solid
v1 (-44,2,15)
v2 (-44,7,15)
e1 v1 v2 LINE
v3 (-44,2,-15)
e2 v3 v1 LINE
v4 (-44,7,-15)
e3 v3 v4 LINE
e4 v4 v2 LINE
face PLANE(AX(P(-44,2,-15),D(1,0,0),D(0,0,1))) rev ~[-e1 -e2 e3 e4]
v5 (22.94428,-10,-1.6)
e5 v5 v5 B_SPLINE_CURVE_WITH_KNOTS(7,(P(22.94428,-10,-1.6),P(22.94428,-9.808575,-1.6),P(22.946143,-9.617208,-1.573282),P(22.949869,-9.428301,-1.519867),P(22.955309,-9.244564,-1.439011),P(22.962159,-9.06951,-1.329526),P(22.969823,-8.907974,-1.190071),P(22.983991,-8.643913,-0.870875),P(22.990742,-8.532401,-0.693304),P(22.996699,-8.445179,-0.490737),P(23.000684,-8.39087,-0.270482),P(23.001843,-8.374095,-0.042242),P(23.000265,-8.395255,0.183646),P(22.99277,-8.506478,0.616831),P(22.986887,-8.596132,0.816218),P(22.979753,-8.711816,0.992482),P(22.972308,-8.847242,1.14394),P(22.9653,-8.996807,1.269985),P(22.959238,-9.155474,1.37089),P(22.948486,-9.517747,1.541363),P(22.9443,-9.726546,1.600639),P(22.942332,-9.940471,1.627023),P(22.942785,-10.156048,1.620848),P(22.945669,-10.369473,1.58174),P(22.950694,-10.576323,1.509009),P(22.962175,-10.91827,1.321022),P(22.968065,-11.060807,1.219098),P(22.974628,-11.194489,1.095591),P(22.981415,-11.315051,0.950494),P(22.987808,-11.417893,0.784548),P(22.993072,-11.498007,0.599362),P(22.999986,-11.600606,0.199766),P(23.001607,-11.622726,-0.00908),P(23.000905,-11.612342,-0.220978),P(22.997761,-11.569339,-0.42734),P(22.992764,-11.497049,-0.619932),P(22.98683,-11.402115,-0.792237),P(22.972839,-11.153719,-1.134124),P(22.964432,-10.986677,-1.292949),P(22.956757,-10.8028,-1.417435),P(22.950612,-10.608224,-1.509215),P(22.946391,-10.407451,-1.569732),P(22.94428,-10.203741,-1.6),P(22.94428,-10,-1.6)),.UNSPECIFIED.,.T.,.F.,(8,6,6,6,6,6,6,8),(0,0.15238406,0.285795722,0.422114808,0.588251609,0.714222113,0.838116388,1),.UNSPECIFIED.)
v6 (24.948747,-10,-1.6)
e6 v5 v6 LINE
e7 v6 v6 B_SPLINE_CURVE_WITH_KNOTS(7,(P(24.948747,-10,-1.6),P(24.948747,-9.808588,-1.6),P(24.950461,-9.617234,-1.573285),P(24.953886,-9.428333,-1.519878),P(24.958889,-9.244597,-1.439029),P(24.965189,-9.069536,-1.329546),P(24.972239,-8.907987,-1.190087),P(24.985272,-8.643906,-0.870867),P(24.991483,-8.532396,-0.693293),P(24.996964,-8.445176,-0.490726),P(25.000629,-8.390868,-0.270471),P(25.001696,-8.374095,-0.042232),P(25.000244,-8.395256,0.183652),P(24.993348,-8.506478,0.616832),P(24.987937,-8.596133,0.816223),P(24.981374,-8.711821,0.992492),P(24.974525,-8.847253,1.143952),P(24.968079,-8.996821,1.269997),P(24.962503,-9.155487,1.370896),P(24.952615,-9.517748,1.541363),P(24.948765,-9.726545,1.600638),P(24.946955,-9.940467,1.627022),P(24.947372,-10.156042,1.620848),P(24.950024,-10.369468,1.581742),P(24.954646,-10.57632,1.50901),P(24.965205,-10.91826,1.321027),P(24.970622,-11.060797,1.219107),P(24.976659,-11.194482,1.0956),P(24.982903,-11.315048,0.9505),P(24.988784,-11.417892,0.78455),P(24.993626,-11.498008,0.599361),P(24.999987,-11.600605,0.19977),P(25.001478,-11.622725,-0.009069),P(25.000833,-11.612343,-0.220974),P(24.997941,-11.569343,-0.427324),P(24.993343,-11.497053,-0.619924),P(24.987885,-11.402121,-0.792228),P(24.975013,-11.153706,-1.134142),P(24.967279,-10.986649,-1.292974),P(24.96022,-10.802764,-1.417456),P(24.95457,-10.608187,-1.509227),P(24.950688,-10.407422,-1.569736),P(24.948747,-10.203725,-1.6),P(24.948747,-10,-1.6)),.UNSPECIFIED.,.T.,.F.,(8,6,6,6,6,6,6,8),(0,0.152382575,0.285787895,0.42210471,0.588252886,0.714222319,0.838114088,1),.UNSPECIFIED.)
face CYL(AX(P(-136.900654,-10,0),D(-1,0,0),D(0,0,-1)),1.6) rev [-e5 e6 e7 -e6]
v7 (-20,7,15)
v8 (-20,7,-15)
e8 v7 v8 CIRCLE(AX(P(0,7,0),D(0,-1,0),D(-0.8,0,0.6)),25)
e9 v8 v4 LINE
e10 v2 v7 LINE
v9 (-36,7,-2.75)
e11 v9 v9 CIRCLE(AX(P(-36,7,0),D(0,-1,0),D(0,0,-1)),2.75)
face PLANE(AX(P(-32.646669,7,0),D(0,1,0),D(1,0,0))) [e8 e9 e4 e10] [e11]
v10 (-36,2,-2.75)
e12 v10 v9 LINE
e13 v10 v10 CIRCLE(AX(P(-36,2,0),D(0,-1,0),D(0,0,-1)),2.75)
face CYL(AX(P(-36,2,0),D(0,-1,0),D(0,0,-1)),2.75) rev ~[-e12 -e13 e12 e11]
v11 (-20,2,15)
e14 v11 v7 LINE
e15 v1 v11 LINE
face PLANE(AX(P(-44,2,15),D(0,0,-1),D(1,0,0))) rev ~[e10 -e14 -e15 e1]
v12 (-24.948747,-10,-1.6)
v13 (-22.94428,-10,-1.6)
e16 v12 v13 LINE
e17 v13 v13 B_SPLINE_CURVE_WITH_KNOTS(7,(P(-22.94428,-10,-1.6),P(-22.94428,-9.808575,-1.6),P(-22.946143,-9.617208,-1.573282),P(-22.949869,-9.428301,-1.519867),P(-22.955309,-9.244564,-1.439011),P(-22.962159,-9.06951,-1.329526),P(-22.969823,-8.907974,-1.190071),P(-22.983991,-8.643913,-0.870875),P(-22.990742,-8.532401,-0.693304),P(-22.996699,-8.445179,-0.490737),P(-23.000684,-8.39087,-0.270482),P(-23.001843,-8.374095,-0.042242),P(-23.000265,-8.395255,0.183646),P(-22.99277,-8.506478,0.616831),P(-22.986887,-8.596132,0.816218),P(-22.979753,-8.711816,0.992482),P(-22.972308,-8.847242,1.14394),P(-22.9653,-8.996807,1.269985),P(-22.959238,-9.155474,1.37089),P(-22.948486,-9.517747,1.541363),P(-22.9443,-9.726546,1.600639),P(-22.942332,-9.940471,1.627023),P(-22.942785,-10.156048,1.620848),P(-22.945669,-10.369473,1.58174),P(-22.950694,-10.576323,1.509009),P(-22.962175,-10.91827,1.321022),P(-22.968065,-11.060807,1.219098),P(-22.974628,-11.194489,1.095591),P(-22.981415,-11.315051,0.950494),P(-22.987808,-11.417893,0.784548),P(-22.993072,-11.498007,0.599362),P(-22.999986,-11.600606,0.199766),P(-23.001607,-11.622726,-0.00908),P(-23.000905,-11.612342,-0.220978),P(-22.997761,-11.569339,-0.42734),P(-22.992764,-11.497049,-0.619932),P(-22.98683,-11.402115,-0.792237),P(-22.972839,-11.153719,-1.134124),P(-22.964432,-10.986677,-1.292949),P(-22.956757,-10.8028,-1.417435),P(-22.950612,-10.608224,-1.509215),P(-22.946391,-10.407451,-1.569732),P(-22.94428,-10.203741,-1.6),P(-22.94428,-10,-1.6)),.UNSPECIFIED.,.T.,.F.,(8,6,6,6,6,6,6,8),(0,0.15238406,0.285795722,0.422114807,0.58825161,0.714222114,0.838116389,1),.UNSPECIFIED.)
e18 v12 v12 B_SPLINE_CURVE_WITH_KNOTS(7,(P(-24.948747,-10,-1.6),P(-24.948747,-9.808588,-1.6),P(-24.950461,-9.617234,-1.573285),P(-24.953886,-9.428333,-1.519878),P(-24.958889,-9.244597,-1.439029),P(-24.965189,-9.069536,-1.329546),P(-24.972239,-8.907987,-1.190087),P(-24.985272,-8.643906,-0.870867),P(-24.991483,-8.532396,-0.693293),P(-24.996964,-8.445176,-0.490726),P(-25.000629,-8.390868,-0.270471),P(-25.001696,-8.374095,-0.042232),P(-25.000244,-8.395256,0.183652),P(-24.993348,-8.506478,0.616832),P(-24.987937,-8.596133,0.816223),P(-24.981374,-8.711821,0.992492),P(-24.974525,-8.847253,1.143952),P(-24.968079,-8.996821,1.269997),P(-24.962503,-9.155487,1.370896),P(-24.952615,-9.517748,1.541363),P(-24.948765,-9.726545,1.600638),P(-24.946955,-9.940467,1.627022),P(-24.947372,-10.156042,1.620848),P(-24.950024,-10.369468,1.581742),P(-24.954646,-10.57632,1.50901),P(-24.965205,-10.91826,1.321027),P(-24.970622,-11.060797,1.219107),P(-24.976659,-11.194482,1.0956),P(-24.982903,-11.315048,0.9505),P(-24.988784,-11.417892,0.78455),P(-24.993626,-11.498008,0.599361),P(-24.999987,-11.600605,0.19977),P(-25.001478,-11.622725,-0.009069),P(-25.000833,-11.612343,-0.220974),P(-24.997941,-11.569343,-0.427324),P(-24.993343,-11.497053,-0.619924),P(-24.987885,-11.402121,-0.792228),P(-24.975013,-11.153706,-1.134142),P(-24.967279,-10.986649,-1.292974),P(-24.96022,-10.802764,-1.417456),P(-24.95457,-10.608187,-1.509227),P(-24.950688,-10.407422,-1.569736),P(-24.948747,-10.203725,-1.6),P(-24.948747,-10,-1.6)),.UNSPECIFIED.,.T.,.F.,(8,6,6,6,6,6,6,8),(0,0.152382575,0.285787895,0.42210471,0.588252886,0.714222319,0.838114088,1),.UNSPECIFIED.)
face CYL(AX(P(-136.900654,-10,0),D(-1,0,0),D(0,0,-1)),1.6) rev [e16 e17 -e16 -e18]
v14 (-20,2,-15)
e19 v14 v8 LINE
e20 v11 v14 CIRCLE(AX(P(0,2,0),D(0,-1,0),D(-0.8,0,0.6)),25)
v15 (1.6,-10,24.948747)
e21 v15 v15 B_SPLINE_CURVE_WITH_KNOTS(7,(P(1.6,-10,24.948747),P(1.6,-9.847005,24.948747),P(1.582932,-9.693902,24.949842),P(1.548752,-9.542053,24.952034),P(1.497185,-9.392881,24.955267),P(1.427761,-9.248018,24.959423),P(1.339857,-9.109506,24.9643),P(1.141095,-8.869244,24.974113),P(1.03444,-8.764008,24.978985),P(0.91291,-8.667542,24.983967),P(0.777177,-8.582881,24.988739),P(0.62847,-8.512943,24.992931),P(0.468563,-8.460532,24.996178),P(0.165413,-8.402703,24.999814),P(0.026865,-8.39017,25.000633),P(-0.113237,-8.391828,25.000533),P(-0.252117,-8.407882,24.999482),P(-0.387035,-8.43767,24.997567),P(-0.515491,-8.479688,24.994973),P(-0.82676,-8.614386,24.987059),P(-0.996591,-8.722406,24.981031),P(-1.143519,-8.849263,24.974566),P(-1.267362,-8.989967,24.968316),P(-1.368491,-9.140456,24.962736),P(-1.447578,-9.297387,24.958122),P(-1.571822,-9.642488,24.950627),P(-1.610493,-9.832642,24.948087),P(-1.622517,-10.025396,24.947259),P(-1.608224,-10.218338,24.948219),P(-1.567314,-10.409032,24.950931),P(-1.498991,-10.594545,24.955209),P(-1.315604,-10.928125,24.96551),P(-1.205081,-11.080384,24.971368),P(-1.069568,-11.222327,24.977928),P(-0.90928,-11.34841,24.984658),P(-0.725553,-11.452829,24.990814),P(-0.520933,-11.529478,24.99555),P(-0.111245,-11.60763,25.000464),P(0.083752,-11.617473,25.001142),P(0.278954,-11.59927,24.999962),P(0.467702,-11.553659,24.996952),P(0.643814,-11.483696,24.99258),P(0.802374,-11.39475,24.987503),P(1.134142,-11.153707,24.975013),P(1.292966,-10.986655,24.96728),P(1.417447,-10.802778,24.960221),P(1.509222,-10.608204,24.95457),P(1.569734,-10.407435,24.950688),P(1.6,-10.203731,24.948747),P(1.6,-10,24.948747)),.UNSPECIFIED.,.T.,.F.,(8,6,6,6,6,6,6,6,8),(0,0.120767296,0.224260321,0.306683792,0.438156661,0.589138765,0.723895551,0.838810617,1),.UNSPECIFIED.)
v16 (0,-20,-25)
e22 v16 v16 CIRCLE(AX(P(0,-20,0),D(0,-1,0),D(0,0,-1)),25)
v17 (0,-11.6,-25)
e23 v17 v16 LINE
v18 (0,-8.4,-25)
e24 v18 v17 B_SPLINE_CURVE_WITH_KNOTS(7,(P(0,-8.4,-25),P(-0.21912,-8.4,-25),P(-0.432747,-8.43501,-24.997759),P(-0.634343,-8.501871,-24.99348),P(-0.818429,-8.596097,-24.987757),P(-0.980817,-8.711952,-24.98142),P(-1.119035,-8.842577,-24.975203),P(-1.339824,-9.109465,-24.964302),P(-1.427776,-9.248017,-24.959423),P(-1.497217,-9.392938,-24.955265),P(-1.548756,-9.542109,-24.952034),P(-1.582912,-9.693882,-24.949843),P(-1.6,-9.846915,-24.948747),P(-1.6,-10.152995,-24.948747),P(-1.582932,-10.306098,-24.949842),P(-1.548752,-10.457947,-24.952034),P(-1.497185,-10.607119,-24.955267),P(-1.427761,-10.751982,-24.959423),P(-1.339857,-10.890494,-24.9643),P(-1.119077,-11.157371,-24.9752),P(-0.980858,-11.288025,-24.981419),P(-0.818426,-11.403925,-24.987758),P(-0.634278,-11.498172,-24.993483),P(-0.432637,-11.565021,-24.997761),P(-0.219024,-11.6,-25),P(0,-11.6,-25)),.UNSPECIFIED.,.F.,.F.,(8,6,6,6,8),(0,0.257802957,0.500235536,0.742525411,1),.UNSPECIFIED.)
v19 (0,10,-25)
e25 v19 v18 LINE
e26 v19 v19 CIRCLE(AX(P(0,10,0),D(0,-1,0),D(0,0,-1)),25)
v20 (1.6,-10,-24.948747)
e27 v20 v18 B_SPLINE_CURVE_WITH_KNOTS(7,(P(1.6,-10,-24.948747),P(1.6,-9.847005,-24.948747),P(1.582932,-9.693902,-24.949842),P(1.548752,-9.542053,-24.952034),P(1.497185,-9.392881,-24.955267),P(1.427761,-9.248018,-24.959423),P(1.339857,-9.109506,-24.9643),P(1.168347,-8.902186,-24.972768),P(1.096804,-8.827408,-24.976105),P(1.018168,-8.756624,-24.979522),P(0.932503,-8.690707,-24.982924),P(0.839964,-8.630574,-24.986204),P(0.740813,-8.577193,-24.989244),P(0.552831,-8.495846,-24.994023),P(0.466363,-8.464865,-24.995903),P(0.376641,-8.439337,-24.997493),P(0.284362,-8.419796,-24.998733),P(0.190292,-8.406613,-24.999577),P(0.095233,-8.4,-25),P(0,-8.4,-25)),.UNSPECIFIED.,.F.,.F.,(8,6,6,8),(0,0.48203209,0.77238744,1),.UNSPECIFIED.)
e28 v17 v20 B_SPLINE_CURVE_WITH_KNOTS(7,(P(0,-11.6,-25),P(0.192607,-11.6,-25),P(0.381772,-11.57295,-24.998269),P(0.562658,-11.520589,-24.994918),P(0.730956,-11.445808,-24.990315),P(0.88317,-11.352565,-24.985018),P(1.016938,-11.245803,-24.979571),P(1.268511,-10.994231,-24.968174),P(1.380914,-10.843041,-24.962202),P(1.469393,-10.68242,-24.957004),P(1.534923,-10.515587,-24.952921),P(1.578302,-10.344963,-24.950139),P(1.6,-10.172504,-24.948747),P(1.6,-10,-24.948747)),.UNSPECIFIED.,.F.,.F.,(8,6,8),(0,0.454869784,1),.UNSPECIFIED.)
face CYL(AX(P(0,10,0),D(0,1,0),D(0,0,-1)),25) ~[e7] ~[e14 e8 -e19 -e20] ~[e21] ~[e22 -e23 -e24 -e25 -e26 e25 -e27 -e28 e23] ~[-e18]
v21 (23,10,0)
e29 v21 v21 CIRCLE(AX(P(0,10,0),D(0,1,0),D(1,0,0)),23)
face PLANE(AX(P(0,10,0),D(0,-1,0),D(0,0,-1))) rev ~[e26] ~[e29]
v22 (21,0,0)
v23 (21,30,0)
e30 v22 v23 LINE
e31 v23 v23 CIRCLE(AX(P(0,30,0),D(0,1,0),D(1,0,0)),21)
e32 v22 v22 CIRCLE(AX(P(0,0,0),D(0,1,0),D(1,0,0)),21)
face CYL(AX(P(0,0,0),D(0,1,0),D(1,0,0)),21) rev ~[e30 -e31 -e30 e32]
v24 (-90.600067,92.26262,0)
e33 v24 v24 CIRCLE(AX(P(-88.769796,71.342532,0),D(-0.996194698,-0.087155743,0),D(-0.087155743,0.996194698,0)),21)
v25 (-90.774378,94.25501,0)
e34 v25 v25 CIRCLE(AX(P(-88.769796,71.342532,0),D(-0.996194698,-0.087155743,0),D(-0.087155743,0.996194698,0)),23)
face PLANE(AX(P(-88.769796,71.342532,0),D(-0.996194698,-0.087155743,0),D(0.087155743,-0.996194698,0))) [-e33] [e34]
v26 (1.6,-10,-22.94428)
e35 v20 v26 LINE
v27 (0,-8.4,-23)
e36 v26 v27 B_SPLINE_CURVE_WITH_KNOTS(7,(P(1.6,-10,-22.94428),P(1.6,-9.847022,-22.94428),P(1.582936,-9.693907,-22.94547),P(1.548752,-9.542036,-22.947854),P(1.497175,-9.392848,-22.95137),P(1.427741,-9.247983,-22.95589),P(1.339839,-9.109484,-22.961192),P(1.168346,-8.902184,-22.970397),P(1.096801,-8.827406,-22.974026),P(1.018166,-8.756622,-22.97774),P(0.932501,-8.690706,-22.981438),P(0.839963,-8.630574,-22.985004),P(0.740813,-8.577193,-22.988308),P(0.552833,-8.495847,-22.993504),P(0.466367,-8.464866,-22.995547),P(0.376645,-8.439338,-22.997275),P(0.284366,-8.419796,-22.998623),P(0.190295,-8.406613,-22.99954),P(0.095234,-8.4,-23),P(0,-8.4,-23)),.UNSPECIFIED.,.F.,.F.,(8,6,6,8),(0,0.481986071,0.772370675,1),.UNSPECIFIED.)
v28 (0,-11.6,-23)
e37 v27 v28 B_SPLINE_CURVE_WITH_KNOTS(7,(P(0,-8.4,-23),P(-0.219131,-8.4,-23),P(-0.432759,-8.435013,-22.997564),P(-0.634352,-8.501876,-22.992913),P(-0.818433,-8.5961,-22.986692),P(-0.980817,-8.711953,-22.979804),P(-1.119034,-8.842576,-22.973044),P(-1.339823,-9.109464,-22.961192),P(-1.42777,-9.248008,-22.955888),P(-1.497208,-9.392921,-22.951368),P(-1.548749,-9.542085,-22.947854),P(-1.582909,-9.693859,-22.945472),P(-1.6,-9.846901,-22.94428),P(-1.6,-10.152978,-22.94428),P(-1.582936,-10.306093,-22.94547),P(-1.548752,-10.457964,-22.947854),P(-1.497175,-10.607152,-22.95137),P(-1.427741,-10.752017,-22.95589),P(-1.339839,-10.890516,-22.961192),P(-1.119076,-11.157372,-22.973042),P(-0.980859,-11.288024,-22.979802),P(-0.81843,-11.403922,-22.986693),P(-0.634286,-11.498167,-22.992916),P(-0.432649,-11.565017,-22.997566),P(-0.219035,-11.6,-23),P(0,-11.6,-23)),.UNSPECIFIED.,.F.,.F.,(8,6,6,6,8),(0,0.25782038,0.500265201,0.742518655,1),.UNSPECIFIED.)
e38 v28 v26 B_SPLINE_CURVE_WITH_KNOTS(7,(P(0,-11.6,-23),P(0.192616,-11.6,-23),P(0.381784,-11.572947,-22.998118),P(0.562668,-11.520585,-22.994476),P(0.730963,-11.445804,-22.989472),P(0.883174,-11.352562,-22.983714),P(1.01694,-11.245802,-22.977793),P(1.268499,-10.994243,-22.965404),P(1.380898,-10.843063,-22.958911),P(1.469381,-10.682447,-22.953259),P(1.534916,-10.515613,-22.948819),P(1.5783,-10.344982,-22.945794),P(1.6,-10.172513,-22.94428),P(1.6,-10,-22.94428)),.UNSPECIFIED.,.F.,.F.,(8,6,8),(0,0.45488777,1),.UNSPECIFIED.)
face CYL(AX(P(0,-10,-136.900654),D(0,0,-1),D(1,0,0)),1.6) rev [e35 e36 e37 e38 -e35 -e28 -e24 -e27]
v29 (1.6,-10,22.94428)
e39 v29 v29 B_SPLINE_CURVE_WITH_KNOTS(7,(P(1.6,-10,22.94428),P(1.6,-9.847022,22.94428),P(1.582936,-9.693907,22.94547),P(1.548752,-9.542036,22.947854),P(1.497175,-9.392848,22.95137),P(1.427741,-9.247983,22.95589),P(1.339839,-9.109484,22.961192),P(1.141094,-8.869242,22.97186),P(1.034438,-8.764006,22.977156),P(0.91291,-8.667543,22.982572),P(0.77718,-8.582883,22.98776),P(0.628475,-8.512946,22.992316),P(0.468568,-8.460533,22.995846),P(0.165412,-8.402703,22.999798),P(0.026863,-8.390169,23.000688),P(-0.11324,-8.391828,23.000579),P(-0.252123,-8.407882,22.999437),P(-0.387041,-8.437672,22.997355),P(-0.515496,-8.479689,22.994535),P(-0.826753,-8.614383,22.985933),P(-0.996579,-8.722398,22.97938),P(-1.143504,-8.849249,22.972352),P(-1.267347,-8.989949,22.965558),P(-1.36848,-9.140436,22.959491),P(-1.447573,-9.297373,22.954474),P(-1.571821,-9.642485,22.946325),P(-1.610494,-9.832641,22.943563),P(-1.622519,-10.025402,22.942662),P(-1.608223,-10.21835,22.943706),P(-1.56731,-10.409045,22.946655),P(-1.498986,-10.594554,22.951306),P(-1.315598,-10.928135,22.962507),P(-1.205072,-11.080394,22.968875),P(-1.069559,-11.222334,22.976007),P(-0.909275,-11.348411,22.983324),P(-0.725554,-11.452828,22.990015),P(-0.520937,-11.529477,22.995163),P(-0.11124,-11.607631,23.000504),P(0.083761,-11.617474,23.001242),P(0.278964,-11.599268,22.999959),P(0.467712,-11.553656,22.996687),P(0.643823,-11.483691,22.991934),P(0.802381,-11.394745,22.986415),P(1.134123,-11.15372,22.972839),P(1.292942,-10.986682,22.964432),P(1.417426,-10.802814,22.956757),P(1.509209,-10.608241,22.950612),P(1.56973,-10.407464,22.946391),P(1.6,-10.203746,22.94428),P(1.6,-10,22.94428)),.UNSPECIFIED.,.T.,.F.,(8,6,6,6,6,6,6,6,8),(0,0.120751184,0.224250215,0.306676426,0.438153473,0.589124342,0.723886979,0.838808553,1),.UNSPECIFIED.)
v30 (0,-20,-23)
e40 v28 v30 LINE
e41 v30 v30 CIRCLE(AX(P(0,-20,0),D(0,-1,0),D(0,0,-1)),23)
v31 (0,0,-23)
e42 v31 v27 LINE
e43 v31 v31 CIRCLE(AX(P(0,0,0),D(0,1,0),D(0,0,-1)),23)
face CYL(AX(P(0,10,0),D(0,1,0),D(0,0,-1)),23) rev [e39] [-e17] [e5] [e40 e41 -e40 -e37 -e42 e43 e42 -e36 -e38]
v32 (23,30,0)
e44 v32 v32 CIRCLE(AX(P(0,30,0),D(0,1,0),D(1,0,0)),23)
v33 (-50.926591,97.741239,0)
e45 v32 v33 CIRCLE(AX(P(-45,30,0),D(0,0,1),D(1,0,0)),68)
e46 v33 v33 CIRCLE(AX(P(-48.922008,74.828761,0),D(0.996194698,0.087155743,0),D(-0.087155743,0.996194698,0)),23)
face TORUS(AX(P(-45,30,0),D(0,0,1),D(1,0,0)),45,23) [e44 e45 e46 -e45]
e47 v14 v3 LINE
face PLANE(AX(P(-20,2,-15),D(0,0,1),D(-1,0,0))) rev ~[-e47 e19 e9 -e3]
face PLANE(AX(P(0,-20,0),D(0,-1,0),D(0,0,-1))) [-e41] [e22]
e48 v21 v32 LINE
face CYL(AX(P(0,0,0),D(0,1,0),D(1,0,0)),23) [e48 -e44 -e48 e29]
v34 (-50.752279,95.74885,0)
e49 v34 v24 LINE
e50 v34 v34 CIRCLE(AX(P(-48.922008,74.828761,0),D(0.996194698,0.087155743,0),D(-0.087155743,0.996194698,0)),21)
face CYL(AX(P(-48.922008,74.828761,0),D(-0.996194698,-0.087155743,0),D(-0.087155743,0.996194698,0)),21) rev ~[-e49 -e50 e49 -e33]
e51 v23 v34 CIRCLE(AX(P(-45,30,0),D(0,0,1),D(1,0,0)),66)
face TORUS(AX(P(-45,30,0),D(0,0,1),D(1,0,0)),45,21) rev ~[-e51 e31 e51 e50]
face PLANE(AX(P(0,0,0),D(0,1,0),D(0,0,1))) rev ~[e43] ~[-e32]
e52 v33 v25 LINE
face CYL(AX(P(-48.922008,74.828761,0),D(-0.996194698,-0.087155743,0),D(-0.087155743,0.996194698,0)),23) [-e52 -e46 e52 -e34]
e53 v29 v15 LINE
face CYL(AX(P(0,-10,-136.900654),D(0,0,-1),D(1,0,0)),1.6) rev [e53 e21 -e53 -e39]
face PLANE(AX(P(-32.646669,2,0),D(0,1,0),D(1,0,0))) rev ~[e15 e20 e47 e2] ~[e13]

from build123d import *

# Parameters (mm, degrees)
SKETCH_1_R               = 23
SKETCH_1_R_2             = 21
EXTRUDE_1_DEPTH          = 20
EXTRUDE_1_DEPTH_BACK     = 10
SKETCH_3_R               = 25
SKETCH_3_R_2             = 23
SKETCH_5_R               = 2.75
EXTRUDE_3_DEPTH          = 5
CUT_EXTRUDE_1_DEPTH      = 136.900654152
CUT_EXTRUDE_1_DEPTH_BACK = 136.900654152
SKETCH_6_R               = 1.6
CUT_EXTRUDE_2_DEPTH      = 136.900654171
CUT_EXTRUDE_2_DEPTH_BACK = 136.900654171
SKETCH_7_R               = 1.6


with BuildPart() as part:
    # 扫描1: sweep along a path in 草图2
    with BuildLine(Plane.XY) as sweep_1_path:
        Line((0, 0), (0, 30))
        ThreePointArc((0, 30), (-14.598440657, 63.177480156), (-48.922008424, 74.828761414))
        Line((-48.922008424, 74.828761414), (-88.769796347, 71.342531704))
    # 草图1 → 扫描1 (sweep)
    with BuildSketch(Plane(origin=(0, 0, 0), x_dir=(1, 0, 0), z_dir=(0, 1, 0))):
        Circle(SKETCH_1_R)
        Circle(SKETCH_1_R_2, mode=Mode.SUBTRACT)
    sweep(path=sweep_1_path.line)


with BuildPart() as body_2:
    # 草图3 → 凸台-拉伸1 (new, two sides: drawn at the far end of the back side and taken through both)
    with BuildSketch(Plane(origin=(0, 0, 58.765701135), x_dir=(1, 0, 0), z_dir=(0, -1, 0)).offset(-EXTRUDE_1_DEPTH_BACK)):
        with Locations(Location((0, -58.765701135, 0), (0, 0, 270))):
            Circle(SKETCH_3_R)
        with Locations(Location((0, -58.765701135, 0), (0, 0, 270))):
            Circle(SKETCH_3_R_2, mode=Mode.SUBTRACT)
    extrude(amount=EXTRUDE_1_DEPTH + EXTRUDE_1_DEPTH_BACK)


    add(part.part)  # 凸台-拉伸3 merges part
    # 草图5 → 凸台-拉伸3 (add)
    with BuildSketch(Plane(origin=(0, 2, 0), x_dir=(-1, 0, 0), z_dir=(0, -1, 0))):
        with BuildLine():
            Line((20, 15), (44, 15))
            Line((44, 15), (44, -15))
            Line((44, -15), (20, -15))
            ThreePointArc((20, -15), (25, 0), (20, 15))
        make_face()
        with Locations(Location((36, 0, 0), (0, 0, 90))):
            Circle(SKETCH_5_R, mode=Mode.SUBTRACT)
    extrude(amount=-EXTRUDE_3_DEPTH)

    # 草图6 → 切除-拉伸1 (cut, two sides: drawn at the far end of the back side and taken through both)
    with BuildSketch(Plane(origin=(0, 0, 0), x_dir=(0, 0, -1), z_dir=(1, 0, 0)).offset(-CUT_EXTRUDE_1_DEPTH_BACK)):
        with Locations((0, -10)):
            Circle(SKETCH_6_R)
    extrude(amount=CUT_EXTRUDE_1_DEPTH + CUT_EXTRUDE_1_DEPTH_BACK, mode=Mode.SUBTRACT)

    # 草图7 → 切除-拉伸2 (cut, two sides: drawn at the far end of the back side and taken through both)
    with BuildSketch(Plane.XY.offset(-CUT_EXTRUDE_2_DEPTH_BACK)):
        with Locations((0, -10)):
            Circle(SKETCH_7_R)
    extrude(amount=CUT_EXTRUDE_2_DEPTH + CUT_EXTRUDE_2_DEPTH_BACK, mode=Mode.SUBTRACT)


solid = body_2.part
